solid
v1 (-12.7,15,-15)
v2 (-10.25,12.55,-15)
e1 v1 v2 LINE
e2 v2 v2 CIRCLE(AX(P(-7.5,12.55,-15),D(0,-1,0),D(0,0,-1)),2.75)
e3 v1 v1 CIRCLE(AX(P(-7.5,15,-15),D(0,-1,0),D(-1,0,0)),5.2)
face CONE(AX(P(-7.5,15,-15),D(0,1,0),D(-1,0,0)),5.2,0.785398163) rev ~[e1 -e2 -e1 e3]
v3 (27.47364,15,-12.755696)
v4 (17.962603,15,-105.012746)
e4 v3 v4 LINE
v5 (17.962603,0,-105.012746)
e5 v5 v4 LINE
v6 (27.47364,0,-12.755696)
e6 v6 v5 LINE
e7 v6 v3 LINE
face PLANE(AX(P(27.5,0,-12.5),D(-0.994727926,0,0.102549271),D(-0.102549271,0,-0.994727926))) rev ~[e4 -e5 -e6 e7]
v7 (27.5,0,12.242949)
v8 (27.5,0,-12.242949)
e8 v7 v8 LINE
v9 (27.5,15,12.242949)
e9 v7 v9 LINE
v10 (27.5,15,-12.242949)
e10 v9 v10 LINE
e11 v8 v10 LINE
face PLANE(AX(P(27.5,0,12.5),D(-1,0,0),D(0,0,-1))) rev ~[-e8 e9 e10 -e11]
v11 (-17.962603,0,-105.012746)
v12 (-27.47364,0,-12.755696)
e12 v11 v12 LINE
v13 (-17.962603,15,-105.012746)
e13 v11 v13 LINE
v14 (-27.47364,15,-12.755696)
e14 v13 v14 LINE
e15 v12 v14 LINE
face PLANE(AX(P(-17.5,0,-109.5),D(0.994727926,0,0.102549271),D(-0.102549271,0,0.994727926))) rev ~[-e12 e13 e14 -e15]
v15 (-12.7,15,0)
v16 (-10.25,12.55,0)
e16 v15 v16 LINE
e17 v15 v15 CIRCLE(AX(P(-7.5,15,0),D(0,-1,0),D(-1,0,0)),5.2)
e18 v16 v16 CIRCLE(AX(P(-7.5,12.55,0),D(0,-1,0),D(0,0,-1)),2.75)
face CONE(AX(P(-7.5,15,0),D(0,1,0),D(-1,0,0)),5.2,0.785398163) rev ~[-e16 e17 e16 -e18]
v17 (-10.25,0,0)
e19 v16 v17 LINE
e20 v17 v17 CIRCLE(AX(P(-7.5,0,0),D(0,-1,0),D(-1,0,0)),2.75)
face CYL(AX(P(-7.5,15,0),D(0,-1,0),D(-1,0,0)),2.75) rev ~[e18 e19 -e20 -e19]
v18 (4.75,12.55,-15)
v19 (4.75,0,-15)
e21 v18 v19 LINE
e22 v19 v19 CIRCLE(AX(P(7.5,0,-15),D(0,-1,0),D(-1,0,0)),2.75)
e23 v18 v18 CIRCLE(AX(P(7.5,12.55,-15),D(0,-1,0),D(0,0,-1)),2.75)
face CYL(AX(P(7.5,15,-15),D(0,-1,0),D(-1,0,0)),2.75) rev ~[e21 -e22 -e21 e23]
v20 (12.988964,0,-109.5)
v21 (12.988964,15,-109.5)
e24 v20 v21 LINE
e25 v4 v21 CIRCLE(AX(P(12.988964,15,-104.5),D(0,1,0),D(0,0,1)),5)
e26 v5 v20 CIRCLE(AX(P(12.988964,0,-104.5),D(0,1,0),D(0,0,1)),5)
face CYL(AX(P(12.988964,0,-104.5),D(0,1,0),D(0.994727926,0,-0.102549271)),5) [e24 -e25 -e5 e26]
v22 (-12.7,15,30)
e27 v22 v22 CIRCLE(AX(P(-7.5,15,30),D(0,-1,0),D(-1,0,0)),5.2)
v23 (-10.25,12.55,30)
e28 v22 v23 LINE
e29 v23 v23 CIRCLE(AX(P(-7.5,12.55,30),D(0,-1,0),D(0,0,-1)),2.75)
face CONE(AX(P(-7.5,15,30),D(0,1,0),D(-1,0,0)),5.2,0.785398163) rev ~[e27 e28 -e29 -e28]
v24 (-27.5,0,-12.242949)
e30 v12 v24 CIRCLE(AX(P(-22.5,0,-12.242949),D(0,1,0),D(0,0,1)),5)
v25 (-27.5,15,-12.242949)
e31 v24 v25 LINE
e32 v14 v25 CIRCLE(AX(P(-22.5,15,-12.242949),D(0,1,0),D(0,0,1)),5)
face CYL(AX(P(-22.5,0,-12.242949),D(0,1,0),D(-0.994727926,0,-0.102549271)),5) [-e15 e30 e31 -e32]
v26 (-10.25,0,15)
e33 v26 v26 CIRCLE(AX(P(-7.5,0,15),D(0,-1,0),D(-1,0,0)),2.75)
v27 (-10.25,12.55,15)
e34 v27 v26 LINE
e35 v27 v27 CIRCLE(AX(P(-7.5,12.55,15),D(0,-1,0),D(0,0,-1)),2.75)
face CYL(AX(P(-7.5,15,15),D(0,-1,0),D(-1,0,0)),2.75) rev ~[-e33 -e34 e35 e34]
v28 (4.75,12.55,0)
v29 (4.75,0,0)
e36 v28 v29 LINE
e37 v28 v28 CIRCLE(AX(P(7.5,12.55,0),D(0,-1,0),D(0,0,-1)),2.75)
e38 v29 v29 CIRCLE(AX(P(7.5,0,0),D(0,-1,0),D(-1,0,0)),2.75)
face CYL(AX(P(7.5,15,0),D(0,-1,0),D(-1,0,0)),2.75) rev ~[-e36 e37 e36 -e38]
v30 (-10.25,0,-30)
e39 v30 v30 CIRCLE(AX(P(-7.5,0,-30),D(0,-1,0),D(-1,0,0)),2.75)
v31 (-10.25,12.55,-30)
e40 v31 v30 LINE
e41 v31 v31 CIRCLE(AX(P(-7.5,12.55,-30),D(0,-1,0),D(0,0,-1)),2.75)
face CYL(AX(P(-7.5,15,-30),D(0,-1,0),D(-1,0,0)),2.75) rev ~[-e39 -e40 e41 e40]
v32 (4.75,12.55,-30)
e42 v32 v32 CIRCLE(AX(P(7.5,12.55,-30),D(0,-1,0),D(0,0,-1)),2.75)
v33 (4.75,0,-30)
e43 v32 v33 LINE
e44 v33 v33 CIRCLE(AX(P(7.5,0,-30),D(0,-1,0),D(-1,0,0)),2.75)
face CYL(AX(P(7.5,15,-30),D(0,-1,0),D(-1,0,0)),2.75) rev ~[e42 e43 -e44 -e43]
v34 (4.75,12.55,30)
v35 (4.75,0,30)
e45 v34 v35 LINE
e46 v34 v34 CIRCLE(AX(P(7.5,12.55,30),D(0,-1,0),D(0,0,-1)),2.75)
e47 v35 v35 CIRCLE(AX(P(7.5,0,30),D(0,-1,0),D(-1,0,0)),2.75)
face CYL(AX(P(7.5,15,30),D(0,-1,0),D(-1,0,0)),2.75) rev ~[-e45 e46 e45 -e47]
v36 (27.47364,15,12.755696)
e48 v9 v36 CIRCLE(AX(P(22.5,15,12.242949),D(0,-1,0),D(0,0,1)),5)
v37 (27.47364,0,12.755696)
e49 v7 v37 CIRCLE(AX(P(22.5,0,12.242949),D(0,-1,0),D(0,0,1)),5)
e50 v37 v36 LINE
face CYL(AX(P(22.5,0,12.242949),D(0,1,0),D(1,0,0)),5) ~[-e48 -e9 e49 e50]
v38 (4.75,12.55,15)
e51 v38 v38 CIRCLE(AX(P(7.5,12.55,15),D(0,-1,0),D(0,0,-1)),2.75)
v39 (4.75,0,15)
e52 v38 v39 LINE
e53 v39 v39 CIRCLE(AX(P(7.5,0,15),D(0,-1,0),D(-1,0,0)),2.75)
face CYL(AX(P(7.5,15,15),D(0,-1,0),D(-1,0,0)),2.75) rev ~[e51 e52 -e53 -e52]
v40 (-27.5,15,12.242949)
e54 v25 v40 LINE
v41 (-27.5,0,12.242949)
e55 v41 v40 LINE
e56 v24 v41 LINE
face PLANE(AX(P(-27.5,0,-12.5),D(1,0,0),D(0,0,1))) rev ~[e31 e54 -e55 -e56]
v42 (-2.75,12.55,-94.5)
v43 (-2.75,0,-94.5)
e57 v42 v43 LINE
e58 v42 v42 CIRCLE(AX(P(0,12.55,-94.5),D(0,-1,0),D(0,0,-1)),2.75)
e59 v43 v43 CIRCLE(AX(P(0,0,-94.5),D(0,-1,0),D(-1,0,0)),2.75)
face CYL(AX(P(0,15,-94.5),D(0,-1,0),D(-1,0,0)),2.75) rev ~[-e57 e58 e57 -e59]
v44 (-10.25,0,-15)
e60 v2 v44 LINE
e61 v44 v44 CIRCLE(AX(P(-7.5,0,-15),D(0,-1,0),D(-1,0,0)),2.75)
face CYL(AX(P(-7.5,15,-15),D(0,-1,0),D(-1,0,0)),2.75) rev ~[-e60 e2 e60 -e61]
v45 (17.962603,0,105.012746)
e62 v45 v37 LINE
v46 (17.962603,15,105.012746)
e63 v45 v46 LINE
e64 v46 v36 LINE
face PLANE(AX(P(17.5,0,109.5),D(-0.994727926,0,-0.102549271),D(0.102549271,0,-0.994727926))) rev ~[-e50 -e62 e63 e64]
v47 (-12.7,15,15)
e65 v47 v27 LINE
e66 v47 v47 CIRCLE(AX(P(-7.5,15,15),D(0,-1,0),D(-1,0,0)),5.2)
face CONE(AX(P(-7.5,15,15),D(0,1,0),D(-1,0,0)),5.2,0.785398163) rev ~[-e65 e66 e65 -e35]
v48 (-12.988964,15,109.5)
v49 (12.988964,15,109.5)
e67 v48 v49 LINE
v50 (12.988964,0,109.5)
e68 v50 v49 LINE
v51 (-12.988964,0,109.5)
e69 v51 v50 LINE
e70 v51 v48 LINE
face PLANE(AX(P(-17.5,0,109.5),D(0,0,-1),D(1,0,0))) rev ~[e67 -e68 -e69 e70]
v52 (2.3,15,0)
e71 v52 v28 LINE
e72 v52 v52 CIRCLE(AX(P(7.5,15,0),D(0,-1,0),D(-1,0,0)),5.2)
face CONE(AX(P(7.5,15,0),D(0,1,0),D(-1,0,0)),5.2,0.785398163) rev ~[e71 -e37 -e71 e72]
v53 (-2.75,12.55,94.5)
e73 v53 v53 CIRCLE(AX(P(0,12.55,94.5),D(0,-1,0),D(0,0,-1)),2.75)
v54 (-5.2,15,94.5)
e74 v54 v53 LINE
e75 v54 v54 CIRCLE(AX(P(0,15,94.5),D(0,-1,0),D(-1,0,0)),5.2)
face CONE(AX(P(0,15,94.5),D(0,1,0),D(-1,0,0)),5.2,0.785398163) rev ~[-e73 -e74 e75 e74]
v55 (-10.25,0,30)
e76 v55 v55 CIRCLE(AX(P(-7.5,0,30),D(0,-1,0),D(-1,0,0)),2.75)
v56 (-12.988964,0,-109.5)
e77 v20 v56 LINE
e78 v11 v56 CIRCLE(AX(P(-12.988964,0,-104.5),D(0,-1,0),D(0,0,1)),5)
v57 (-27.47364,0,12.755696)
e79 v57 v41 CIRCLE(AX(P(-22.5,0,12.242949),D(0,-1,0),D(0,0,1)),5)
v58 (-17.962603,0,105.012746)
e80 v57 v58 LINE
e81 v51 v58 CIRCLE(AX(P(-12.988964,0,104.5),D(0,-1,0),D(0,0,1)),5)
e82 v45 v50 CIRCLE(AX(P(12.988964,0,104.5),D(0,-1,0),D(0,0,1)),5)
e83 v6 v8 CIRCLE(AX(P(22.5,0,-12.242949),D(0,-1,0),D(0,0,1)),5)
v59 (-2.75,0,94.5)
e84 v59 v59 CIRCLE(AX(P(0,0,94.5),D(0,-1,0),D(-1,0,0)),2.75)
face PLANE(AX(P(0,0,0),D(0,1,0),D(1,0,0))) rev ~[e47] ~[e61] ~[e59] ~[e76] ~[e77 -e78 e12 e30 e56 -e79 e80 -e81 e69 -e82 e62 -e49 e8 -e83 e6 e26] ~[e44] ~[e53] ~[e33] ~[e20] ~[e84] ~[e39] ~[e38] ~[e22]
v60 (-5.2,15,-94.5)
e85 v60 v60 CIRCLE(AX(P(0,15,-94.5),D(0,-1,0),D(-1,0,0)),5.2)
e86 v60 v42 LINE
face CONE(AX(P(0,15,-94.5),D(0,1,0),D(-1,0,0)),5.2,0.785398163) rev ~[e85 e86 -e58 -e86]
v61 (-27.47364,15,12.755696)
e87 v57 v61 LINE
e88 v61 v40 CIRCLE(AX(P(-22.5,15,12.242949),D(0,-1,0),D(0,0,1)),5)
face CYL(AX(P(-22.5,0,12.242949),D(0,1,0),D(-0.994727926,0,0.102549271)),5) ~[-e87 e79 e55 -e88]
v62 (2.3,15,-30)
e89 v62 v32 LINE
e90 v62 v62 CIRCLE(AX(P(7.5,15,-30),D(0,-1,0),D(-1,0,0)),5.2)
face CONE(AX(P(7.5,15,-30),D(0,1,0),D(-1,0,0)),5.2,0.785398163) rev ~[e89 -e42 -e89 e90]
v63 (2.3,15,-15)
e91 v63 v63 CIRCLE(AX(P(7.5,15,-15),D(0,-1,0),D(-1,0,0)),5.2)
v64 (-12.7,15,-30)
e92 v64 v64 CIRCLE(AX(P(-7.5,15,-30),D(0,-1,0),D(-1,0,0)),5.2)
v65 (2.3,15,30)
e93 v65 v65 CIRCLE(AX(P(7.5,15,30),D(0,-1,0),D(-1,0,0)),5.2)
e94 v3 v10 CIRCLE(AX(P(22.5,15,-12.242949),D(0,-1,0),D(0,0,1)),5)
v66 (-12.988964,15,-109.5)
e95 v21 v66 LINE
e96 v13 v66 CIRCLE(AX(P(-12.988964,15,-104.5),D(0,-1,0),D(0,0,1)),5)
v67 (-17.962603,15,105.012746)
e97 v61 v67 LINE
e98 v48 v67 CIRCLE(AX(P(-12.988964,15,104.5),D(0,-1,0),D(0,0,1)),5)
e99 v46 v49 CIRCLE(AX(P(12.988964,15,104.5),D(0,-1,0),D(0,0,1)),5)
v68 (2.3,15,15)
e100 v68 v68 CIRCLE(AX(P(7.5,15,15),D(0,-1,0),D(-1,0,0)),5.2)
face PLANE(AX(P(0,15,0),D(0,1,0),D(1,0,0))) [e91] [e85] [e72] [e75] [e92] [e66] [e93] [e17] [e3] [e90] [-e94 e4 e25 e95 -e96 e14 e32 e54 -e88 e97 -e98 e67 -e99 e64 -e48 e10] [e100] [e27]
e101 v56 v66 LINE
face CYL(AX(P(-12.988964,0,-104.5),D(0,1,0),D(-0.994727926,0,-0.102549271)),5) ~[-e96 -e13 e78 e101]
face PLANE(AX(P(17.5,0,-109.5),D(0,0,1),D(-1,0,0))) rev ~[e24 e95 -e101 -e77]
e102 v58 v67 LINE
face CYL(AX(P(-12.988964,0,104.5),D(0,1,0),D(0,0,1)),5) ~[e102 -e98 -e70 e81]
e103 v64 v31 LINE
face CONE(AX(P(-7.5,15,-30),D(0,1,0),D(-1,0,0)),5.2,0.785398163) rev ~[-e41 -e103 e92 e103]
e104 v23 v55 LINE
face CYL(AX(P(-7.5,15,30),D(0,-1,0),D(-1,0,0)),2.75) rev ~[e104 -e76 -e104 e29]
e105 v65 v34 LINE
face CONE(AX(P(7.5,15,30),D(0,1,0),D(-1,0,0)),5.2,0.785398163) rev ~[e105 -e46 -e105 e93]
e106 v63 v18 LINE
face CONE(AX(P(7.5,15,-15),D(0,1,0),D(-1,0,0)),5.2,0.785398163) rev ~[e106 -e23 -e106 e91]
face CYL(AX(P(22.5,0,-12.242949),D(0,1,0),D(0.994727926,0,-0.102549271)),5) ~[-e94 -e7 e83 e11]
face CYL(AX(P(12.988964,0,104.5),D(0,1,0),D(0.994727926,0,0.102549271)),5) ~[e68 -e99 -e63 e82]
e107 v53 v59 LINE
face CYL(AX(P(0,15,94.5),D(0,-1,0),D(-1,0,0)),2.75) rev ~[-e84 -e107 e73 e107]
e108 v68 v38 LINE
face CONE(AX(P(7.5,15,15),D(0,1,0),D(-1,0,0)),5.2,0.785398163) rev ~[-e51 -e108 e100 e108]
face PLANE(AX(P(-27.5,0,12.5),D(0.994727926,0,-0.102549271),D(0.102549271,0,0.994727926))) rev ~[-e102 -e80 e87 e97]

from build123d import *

# Parameters (mm, degrees)
BOSS_EXTRU_1_DEPTH                             = 15
FRAISAGE_POUR_VIS_T_TE_FRAIS_E_M51_D           = 5.5
FRAISAGE_POUR_VIS_T_TE_FRAIS_E_M51_CSINK_D     = 10.4
FRAISAGE_POUR_VIS_T_TE_FRAIS_E_M51_CSINK_ANGLE = 90
CONG_2_R                                       = 5


with BuildPart() as part:
    # Esquisse1 → Boss.-Extru.1 (new body)
    with BuildSketch(Plane(origin=(0, 0, 0), x_dir=(1, 0, 0), z_dir=(0, 1, 0))):
        Polygon((-17.5, 109.5), (-27.5, 12.5), (-27.5, -12.5), (-17.5, -109.5), (17.5, -109.5), (27.5, -12.5), (27.5, 12.5), (17.5, 109.5), align=None)
    extrude(amount=BOSS_EXTRU_1_DEPTH)

    # Fraisage pour vis à tête fraisée M51 (through all)
    with Locations(Plane(origin=(0, 15, 0), x_dir=(1, 0, 0), z_dir=(0, 1, 0))):
        with Locations((-7.5, 30), (7.5, 30), (7.5, 15), (-7.5, 15), (-7.5, 0), (7.5, 0), (7.5, -15), (-7.5, -15), (-7.5, -30), (7.5, -30), (0, -94.5), (0, 94.5)):
            CounterSinkHole(FRAISAGE_POUR_VIS_T_TE_FRAIS_E_M51_D / 2, FRAISAGE_POUR_VIS_T_TE_FRAIS_E_M51_CSINK_D / 2, counter_sink_angle=FRAISAGE_POUR_VIS_T_TE_FRAIS_E_M51_CSINK_ANGLE)

    # Congé2
    cong_2_edges = [part.edges().sort_by_distance(p)[0] for p in [
        (27.5, 7.5, -12.5),
        (27.5, 7.5, 12.5),
        (17.5, 7.5, 109.5),
        (-17.5, 7.5, 109.5),
        (-27.5, 7.5, 12.5),
        (-27.5, 7.5, -12.5),
        (-17.5, 7.5, -109.5),
        (17.5, 7.5, -109.5),
    ]]
    fillet(cong_2_edges, radius=CONG_2_R)


solid = part.part
